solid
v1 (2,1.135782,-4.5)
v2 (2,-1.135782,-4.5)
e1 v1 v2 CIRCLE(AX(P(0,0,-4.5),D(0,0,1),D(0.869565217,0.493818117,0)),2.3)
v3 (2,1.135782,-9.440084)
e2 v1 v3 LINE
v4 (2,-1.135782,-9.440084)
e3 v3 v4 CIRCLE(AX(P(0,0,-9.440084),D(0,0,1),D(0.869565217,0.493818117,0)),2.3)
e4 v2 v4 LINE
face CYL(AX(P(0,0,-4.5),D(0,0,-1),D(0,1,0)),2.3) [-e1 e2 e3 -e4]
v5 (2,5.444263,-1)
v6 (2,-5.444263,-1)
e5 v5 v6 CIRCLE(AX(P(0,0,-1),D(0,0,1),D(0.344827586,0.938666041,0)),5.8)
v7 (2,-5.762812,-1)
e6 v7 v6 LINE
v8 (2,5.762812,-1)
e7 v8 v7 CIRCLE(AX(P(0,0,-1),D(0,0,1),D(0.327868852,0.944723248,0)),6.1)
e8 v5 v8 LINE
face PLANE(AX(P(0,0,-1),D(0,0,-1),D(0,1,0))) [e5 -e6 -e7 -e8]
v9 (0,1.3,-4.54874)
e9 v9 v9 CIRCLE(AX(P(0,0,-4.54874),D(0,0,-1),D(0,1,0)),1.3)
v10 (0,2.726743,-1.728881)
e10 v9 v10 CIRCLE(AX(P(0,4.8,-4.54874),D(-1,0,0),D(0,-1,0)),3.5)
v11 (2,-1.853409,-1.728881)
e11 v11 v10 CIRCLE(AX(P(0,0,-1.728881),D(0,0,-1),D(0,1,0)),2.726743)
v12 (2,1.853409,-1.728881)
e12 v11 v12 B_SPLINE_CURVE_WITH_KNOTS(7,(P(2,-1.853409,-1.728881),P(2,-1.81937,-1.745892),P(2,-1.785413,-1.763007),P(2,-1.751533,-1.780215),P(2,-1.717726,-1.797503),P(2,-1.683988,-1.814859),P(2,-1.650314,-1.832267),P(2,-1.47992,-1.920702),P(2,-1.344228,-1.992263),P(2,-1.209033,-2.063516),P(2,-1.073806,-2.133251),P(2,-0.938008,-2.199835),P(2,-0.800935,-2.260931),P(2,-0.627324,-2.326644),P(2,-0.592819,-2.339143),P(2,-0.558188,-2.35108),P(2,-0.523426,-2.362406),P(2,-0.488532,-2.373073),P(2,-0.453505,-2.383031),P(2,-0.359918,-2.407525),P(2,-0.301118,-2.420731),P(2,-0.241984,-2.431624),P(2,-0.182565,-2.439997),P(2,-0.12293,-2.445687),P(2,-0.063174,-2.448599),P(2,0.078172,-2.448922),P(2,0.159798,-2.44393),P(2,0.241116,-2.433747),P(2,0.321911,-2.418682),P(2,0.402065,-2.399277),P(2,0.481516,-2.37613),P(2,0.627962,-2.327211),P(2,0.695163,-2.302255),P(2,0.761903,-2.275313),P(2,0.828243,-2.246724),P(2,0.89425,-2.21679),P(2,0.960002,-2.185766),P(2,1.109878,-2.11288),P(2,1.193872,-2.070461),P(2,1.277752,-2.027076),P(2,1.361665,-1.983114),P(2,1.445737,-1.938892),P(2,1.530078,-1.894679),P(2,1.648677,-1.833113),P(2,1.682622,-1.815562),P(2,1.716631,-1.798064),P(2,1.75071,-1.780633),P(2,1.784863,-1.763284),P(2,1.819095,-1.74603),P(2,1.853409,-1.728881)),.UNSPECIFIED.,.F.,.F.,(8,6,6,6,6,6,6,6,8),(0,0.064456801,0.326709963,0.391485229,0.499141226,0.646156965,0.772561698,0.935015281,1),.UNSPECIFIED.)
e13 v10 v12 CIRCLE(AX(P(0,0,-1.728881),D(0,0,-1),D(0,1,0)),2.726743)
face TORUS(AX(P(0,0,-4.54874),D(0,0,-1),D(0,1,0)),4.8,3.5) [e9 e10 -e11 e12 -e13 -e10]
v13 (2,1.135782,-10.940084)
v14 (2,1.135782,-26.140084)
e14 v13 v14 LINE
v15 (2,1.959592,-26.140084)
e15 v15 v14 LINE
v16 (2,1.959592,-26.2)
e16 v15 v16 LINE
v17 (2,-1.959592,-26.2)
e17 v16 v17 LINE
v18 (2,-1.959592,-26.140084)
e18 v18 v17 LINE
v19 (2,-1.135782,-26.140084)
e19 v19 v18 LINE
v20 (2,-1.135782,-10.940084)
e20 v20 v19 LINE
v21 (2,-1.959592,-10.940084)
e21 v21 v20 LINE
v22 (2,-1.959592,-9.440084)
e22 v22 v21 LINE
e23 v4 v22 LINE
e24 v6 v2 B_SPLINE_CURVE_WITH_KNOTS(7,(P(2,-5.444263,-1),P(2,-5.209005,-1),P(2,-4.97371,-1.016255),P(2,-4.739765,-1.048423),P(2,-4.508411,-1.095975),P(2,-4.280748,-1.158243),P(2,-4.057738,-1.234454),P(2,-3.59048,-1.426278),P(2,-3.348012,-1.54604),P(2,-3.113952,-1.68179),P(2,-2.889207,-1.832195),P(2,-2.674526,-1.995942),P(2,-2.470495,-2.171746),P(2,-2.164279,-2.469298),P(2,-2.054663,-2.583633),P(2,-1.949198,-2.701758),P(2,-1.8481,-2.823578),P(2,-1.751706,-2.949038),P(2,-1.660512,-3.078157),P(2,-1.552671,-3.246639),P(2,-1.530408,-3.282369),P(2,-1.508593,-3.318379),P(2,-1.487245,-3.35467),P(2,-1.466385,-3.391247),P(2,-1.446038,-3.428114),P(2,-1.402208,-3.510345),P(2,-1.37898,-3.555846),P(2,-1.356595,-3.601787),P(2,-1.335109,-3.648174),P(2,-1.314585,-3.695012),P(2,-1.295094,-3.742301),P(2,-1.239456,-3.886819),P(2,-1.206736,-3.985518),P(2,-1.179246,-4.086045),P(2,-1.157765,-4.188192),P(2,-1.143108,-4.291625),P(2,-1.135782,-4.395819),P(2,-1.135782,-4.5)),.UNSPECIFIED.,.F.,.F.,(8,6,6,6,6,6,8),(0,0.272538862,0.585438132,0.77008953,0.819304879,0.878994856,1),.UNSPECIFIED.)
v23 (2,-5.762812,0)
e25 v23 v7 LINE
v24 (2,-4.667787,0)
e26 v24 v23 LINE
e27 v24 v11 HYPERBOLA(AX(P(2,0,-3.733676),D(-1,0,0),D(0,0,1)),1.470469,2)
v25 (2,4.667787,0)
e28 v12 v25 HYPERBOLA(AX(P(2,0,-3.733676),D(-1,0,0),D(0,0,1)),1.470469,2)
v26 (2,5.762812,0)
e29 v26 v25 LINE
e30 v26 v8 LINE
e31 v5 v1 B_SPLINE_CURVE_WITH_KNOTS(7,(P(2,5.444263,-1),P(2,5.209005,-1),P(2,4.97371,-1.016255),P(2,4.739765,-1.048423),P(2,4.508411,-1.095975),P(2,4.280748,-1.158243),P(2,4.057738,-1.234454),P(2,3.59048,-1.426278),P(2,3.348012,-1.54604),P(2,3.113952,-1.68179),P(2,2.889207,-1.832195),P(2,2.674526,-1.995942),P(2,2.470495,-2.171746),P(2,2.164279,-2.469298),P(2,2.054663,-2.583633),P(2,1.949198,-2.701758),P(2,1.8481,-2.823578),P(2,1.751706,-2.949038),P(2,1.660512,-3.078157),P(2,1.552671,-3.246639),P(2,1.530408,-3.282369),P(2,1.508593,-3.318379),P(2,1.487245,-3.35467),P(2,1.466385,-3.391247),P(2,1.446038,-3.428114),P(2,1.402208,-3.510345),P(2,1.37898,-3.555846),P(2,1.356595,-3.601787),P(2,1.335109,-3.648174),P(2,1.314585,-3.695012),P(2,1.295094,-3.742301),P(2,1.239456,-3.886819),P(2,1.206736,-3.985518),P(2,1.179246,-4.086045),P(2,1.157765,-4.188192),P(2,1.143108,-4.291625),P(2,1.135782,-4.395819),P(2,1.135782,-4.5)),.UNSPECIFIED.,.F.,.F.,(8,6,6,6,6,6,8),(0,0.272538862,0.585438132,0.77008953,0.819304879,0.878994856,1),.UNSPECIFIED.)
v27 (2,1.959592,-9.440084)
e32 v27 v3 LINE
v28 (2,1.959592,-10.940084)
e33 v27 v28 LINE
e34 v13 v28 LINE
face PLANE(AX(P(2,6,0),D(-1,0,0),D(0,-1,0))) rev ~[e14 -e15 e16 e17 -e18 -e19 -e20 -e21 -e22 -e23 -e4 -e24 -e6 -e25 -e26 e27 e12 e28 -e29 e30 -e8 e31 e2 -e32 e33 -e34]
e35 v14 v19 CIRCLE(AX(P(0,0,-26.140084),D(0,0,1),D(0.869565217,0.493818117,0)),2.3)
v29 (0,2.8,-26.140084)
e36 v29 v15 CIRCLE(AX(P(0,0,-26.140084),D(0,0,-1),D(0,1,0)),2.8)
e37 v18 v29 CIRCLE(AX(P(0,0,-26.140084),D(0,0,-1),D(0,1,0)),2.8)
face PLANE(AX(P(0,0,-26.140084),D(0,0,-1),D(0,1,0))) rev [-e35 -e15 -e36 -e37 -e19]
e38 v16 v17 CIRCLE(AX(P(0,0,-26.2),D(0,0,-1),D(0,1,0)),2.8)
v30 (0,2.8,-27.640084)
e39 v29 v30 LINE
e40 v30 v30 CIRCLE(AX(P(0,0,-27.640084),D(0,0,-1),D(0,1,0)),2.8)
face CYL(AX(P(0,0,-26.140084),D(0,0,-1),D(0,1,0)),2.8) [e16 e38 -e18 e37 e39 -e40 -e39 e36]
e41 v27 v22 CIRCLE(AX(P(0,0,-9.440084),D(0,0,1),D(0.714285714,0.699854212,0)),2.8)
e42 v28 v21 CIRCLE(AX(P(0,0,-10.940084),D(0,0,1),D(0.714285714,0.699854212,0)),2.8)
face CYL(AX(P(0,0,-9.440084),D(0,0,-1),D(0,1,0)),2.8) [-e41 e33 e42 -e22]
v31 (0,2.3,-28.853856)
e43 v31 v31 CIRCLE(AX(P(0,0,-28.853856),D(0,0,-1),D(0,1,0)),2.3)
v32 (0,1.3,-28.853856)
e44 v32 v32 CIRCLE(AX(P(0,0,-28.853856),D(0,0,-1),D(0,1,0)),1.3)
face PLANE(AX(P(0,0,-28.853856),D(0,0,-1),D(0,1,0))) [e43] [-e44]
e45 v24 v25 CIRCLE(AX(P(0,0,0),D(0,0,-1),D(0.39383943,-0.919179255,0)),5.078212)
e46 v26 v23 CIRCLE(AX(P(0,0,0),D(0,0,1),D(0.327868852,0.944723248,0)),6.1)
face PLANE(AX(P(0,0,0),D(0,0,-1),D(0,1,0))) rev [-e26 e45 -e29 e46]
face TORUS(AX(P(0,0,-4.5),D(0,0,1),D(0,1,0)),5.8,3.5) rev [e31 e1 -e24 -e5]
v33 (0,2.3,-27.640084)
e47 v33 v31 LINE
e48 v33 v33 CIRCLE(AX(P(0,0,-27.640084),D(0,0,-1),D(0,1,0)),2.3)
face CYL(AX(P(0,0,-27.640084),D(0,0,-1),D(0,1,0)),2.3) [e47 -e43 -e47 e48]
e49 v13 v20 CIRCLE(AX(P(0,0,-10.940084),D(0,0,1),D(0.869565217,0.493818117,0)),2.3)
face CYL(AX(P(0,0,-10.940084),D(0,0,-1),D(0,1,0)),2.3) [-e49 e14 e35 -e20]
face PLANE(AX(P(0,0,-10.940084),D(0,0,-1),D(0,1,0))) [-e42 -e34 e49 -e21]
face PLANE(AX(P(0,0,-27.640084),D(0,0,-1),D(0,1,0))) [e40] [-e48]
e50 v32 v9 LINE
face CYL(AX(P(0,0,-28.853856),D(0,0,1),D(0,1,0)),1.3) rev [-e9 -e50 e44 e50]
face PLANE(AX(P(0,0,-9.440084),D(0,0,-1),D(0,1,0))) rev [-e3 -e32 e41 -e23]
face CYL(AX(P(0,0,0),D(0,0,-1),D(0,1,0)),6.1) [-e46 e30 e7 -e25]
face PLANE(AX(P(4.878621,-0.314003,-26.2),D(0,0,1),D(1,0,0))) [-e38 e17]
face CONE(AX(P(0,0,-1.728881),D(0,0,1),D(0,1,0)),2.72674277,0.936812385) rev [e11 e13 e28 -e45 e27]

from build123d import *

# Parameters (mm, degrees)
CUT_EXTRUDE1_DEPTH = 26.2


with BuildPart() as part:
    # Sketch1 → Revolve1 (revolve)
    with BuildSketch(Plane(origin=(0, 0, 0), x_dir=(0, 0, -1), z_dir=(1, 0, 0))):
        with BuildLine():
            Line((0, 5.078211692), (0, 6.1))
            Line((0, 6.1), (1, 6.1))
            Line((1, 6.1), (1, 5.8))
            ThreePointArc((1, 5.8), (2.025126266, 3.325126266), (4.5, 2.3))
            Line((4.5, 2.3), (9.440083729, 2.3))
            Line((9.440083729, 2.3), (9.440083729, 2.8))
            Line((9.440083729, 2.8), (10.940083729, 2.8))
            Line((10.940083729, 2.8), (10.940083729, 2.3))
            Line((10.940083729, 2.3), (26.140083729, 2.3))
            Line((26.140083729, 2.3), (26.140083729, 2.8))
            Line((26.140083729, 2.8), (27.640083729, 2.8))
            Line((27.640083729, 2.8), (27.640083729, 2.3))
            Line((27.640083729, 2.3), (28.853856016, 2.3))
            Line((28.853856016, 2.3), (28.853856016, 1.3))
            Line((28.853856016, 1.3), (4.548739728, 1.3))
            ThreePointArc((4.548739728, 1.3), (2.968613199, 1.676988608), (1.728880785, 2.72674277))
            Line((1.728880785, 2.72674277), (0, 5.078211692))
        make_face()
    revolve(axis=Axis((0, 0, 0), (0, 0, -1)))

    # Sketch2 → Cut-Extrude1 (cut)
    with BuildSketch(Plane.XY):
        Polygon((2, 6), (2, -6.569031419), (7.819181693, -6.569031419), (7.708002274, 5.9580813), align=None)
    extrude(amount=-CUT_EXTRUDE1_DEPTH, mode=Mode.SUBTRACT)


solid = part.part
